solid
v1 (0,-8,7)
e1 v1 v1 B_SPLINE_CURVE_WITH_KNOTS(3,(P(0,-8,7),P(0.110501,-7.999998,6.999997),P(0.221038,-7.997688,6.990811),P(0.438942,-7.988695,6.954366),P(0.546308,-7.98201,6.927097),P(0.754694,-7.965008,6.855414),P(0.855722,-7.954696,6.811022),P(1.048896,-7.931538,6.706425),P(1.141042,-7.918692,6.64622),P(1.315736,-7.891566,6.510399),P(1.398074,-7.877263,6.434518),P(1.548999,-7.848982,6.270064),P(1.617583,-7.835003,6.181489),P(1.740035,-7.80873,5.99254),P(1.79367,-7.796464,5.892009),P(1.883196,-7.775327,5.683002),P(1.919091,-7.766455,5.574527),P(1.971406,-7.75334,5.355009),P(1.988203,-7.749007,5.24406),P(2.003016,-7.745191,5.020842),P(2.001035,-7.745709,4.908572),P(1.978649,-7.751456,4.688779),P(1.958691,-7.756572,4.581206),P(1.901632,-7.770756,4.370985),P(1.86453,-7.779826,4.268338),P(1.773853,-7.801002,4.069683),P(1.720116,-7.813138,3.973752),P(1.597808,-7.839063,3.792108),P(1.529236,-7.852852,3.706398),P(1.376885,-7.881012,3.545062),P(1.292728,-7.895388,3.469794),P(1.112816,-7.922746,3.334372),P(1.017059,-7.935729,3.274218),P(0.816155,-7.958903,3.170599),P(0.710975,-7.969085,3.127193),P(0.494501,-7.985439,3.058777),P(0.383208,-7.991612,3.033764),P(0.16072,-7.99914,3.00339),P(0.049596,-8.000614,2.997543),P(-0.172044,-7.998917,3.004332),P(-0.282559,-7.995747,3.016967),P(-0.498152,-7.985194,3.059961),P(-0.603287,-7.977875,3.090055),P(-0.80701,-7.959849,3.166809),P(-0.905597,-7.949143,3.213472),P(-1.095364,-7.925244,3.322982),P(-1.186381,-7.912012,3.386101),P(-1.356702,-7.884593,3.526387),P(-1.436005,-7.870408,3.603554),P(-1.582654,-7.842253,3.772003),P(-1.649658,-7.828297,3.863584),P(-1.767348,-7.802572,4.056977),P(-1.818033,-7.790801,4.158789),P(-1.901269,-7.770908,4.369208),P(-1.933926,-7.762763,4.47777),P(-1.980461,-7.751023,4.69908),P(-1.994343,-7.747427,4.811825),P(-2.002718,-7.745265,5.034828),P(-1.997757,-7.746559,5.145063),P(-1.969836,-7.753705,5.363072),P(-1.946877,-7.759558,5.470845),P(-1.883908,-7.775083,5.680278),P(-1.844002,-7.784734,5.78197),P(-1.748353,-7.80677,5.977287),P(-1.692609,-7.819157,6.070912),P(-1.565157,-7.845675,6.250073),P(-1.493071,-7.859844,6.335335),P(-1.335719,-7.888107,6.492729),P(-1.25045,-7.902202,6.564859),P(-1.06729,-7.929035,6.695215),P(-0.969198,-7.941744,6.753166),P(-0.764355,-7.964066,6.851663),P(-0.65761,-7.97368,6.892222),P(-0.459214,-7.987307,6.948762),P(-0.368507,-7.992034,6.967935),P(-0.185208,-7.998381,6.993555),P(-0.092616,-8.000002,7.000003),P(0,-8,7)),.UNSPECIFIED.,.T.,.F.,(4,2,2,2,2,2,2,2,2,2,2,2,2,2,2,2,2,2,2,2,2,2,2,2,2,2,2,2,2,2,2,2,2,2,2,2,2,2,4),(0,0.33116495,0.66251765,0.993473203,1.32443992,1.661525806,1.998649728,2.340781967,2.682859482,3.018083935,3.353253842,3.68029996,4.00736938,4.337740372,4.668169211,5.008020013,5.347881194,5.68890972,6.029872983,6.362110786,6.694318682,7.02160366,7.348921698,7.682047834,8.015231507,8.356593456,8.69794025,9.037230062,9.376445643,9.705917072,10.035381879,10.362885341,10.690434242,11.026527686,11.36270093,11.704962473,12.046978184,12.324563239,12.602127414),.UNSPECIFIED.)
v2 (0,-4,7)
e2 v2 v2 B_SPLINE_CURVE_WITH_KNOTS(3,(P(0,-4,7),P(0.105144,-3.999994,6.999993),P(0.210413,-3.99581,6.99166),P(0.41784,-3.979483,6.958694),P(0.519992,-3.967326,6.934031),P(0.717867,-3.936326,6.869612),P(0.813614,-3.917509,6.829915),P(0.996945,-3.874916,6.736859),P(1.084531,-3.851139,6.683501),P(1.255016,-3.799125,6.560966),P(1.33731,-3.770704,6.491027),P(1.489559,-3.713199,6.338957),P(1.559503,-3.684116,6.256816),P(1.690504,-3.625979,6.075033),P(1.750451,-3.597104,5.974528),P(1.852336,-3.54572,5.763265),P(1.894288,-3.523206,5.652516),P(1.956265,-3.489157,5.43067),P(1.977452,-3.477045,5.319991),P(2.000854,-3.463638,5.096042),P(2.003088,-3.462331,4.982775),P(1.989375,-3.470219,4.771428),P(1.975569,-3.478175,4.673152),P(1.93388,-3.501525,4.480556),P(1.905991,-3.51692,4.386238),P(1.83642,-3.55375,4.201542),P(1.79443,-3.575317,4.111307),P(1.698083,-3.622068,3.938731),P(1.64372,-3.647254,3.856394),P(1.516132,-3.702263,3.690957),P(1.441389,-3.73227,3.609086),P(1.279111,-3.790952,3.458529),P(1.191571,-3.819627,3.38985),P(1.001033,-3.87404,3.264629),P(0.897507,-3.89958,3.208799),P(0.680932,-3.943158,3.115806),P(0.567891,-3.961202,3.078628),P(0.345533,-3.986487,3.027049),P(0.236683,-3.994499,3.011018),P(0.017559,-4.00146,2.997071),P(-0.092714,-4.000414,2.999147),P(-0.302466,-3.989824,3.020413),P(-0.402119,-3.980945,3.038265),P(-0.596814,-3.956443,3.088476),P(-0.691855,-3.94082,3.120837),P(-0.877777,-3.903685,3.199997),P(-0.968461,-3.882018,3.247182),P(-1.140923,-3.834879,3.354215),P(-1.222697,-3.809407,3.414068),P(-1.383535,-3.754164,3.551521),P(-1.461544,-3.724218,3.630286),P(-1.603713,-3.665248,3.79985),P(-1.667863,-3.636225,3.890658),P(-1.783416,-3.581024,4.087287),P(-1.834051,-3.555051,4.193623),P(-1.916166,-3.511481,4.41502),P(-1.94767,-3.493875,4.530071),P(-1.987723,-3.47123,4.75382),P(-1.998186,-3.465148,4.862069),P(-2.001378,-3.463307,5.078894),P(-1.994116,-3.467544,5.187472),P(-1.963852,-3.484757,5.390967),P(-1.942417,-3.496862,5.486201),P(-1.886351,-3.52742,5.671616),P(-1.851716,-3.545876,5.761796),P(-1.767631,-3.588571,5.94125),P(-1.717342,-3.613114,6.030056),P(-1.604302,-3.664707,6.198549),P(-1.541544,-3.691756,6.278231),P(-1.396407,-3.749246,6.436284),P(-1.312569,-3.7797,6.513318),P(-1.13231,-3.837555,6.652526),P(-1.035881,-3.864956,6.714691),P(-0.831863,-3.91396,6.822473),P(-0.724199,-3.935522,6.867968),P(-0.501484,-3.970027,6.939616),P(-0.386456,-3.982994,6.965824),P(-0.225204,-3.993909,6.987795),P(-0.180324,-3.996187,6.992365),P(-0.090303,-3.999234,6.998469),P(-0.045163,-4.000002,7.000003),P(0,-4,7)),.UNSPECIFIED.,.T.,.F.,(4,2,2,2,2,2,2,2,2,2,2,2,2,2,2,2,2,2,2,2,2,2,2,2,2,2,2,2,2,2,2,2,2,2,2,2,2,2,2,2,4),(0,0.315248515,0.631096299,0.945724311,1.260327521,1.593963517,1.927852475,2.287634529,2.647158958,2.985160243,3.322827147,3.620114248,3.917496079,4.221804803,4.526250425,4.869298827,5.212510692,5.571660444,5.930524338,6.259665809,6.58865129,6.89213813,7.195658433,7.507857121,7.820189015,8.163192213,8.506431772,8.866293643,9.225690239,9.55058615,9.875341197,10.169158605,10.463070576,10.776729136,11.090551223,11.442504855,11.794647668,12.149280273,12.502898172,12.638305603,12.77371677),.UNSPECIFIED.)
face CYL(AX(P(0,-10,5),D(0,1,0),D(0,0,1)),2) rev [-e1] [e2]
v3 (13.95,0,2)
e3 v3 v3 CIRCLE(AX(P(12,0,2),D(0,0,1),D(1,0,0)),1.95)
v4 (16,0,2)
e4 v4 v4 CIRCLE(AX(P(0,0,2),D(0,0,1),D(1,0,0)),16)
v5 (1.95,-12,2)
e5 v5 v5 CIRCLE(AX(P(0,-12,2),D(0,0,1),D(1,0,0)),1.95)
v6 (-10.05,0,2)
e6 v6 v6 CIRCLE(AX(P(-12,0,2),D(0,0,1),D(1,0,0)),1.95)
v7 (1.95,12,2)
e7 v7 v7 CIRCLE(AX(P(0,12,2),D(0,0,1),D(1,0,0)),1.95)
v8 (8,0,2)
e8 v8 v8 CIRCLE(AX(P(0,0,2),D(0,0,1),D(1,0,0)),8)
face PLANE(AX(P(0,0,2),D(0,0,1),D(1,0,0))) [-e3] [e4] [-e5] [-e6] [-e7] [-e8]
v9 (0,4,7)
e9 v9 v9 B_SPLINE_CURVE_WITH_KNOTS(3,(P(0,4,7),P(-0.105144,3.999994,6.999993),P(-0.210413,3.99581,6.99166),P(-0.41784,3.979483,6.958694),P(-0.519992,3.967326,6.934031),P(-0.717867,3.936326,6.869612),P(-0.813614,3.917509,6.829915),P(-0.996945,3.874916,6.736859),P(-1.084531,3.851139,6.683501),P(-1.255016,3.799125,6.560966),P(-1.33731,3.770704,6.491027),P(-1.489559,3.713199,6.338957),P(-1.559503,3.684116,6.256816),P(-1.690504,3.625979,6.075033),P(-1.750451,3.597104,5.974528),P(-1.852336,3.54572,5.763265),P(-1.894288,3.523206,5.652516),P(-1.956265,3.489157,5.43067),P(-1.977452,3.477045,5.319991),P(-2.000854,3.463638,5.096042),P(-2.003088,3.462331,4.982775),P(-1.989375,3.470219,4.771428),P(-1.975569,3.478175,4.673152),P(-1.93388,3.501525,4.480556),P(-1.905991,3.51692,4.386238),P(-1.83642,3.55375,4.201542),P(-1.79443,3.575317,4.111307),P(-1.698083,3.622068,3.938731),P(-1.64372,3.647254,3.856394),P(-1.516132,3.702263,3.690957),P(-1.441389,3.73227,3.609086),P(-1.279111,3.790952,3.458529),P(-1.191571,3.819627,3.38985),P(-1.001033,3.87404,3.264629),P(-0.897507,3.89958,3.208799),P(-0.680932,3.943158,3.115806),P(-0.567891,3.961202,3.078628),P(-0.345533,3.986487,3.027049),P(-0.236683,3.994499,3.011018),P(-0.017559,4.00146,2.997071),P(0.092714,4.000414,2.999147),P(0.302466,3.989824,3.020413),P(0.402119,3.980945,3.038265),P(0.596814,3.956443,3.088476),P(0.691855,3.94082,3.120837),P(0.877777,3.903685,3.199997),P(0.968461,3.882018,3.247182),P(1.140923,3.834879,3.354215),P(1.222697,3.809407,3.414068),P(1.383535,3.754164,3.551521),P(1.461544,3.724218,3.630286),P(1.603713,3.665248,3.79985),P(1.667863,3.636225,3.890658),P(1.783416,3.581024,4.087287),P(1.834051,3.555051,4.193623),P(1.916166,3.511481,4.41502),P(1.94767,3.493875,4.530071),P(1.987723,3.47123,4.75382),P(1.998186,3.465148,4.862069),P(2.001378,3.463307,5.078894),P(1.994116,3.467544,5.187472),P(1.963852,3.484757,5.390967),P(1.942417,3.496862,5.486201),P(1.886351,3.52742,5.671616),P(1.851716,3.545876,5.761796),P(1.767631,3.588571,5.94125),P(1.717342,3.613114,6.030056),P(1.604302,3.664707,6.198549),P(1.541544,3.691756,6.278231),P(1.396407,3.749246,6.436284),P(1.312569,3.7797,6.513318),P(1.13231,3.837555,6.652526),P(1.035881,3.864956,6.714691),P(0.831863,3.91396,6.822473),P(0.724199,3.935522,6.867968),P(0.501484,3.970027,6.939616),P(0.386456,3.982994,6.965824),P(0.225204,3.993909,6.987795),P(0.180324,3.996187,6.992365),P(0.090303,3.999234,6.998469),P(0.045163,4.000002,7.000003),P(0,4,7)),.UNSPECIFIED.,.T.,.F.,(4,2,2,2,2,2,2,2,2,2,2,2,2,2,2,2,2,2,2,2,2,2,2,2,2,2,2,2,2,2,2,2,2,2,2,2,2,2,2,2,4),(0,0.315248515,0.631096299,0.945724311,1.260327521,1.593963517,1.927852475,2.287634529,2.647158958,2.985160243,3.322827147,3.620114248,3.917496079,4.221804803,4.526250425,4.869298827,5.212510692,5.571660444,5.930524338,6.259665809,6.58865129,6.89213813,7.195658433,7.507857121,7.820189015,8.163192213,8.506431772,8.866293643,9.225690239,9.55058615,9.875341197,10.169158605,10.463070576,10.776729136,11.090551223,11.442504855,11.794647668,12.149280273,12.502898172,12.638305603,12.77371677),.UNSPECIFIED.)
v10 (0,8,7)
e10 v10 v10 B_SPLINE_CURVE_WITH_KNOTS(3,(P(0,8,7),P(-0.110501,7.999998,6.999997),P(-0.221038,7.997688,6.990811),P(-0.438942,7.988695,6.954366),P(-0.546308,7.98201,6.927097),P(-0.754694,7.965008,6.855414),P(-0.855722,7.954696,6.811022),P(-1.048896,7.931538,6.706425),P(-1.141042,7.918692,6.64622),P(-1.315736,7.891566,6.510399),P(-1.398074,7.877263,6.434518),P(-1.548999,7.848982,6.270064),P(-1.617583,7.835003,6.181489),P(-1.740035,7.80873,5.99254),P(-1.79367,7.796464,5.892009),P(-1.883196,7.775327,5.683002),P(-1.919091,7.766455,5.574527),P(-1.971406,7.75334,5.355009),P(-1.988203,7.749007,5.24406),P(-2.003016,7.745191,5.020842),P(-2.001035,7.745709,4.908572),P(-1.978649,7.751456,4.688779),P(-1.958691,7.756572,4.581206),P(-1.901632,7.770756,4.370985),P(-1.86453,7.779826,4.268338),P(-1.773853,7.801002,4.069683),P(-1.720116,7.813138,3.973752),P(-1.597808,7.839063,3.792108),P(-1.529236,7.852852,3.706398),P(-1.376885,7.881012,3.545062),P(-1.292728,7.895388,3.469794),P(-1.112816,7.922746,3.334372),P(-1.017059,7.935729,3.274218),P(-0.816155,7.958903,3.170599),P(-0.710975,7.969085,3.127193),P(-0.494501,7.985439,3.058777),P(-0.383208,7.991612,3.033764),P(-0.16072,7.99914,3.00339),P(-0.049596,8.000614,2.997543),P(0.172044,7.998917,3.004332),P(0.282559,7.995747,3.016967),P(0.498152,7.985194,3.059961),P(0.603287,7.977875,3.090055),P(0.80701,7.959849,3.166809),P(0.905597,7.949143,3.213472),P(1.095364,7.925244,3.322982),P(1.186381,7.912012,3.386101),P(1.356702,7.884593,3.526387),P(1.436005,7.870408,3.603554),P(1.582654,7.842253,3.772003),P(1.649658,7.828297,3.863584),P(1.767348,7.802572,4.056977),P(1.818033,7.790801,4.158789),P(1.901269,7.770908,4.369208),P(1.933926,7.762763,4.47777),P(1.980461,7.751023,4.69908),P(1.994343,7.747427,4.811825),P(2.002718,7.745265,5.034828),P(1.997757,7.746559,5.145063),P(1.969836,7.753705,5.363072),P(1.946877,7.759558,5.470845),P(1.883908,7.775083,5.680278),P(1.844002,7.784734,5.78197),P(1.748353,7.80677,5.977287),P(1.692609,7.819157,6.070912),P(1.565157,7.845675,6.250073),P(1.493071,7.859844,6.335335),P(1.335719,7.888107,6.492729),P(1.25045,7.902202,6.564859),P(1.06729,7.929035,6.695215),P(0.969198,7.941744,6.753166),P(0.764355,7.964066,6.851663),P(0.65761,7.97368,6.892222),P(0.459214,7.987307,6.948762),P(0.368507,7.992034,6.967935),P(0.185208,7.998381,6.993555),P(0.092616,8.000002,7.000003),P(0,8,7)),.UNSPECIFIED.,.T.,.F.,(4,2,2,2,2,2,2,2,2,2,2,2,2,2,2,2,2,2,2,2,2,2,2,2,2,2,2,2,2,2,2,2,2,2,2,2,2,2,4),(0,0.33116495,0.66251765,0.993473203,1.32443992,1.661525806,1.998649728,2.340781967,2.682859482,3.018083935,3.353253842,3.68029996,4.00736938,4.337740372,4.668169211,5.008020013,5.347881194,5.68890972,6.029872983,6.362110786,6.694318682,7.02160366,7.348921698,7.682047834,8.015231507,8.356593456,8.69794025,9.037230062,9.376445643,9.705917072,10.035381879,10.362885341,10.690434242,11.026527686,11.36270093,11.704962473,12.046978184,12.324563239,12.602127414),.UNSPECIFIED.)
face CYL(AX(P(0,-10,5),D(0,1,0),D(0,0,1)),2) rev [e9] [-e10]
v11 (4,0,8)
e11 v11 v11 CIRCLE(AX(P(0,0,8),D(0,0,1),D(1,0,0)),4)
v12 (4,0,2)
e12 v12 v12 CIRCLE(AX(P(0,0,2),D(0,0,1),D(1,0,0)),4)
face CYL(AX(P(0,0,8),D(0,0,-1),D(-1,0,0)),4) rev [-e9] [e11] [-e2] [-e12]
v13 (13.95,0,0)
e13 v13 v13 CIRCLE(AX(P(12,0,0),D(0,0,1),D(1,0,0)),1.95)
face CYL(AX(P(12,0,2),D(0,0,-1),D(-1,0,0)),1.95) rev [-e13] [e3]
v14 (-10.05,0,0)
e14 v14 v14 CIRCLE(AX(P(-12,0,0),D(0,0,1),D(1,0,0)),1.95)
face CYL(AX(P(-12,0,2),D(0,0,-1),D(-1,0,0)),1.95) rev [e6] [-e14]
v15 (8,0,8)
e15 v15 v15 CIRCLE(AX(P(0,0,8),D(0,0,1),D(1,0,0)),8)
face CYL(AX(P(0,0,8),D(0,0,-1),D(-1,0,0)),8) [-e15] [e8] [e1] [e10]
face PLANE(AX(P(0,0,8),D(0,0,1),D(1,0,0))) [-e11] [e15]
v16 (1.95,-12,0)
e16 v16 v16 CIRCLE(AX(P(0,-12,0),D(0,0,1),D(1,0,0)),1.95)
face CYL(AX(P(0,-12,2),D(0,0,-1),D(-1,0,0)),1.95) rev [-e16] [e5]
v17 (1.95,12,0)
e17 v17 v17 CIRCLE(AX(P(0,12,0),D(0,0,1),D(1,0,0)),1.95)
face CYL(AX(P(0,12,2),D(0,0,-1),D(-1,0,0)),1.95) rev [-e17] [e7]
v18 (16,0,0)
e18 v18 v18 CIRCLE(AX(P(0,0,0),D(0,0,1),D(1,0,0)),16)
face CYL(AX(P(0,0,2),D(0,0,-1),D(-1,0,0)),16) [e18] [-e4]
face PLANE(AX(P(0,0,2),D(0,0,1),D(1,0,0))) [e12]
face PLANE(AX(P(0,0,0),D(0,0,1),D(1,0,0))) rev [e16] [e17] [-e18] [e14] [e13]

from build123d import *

# Parameters (mm, degrees)
SKETCH1_R           = 8
SKETCH1_R_2         = 4
BOSS_EXTRUDE1_DEPTH = 8
SKETCH2_R           = 16
SKETCH2_R_2         = 1.95
BOSS_EXTRUDE2_DEPTH = 2
SKETCH3_R           = 2
CUT_EXTRUDE1_DEPTH  = 10


with BuildPart() as part:
    # Sketch1 → Boss-Extrude1 (new body)
    with BuildSketch(Plane.XY):
        Circle(SKETCH1_R)
        Circle(SKETCH1_R_2, mode=Mode.SUBTRACT)
    extrude(amount=BOSS_EXTRUDE1_DEPTH)

    # Sketch2 → Boss-Extrude2 (add)
    with BuildSketch(Plane.XY):
        Circle(SKETCH2_R)
        with Locations((12, 0)):
            Circle(SKETCH2_R_2, mode=Mode.SUBTRACT)
        with Locations((0, -12)):
            Circle(SKETCH2_R_2, mode=Mode.SUBTRACT)
        with Locations((-12, 0)):
            Circle(SKETCH2_R_2, mode=Mode.SUBTRACT)
        with Locations((0, 12)):
            Circle(SKETCH2_R_2, mode=Mode.SUBTRACT)
    extrude(amount=BOSS_EXTRUDE2_DEPTH)

    # Sketch3 → Cut-Extrude1 (cut, symmetric)
    with BuildSketch(Plane(origin=(0, 0, 0), x_dir=(1, 0, 0), z_dir=(0, 1, 0))):
        with Locations(Location((0, -5, 0), (0, 0, 270))):
            Circle(SKETCH3_R)
    extrude(amount=CUT_EXTRUDE1_DEPTH, both=True, mode=Mode.SUBTRACT)


solid = part.part
